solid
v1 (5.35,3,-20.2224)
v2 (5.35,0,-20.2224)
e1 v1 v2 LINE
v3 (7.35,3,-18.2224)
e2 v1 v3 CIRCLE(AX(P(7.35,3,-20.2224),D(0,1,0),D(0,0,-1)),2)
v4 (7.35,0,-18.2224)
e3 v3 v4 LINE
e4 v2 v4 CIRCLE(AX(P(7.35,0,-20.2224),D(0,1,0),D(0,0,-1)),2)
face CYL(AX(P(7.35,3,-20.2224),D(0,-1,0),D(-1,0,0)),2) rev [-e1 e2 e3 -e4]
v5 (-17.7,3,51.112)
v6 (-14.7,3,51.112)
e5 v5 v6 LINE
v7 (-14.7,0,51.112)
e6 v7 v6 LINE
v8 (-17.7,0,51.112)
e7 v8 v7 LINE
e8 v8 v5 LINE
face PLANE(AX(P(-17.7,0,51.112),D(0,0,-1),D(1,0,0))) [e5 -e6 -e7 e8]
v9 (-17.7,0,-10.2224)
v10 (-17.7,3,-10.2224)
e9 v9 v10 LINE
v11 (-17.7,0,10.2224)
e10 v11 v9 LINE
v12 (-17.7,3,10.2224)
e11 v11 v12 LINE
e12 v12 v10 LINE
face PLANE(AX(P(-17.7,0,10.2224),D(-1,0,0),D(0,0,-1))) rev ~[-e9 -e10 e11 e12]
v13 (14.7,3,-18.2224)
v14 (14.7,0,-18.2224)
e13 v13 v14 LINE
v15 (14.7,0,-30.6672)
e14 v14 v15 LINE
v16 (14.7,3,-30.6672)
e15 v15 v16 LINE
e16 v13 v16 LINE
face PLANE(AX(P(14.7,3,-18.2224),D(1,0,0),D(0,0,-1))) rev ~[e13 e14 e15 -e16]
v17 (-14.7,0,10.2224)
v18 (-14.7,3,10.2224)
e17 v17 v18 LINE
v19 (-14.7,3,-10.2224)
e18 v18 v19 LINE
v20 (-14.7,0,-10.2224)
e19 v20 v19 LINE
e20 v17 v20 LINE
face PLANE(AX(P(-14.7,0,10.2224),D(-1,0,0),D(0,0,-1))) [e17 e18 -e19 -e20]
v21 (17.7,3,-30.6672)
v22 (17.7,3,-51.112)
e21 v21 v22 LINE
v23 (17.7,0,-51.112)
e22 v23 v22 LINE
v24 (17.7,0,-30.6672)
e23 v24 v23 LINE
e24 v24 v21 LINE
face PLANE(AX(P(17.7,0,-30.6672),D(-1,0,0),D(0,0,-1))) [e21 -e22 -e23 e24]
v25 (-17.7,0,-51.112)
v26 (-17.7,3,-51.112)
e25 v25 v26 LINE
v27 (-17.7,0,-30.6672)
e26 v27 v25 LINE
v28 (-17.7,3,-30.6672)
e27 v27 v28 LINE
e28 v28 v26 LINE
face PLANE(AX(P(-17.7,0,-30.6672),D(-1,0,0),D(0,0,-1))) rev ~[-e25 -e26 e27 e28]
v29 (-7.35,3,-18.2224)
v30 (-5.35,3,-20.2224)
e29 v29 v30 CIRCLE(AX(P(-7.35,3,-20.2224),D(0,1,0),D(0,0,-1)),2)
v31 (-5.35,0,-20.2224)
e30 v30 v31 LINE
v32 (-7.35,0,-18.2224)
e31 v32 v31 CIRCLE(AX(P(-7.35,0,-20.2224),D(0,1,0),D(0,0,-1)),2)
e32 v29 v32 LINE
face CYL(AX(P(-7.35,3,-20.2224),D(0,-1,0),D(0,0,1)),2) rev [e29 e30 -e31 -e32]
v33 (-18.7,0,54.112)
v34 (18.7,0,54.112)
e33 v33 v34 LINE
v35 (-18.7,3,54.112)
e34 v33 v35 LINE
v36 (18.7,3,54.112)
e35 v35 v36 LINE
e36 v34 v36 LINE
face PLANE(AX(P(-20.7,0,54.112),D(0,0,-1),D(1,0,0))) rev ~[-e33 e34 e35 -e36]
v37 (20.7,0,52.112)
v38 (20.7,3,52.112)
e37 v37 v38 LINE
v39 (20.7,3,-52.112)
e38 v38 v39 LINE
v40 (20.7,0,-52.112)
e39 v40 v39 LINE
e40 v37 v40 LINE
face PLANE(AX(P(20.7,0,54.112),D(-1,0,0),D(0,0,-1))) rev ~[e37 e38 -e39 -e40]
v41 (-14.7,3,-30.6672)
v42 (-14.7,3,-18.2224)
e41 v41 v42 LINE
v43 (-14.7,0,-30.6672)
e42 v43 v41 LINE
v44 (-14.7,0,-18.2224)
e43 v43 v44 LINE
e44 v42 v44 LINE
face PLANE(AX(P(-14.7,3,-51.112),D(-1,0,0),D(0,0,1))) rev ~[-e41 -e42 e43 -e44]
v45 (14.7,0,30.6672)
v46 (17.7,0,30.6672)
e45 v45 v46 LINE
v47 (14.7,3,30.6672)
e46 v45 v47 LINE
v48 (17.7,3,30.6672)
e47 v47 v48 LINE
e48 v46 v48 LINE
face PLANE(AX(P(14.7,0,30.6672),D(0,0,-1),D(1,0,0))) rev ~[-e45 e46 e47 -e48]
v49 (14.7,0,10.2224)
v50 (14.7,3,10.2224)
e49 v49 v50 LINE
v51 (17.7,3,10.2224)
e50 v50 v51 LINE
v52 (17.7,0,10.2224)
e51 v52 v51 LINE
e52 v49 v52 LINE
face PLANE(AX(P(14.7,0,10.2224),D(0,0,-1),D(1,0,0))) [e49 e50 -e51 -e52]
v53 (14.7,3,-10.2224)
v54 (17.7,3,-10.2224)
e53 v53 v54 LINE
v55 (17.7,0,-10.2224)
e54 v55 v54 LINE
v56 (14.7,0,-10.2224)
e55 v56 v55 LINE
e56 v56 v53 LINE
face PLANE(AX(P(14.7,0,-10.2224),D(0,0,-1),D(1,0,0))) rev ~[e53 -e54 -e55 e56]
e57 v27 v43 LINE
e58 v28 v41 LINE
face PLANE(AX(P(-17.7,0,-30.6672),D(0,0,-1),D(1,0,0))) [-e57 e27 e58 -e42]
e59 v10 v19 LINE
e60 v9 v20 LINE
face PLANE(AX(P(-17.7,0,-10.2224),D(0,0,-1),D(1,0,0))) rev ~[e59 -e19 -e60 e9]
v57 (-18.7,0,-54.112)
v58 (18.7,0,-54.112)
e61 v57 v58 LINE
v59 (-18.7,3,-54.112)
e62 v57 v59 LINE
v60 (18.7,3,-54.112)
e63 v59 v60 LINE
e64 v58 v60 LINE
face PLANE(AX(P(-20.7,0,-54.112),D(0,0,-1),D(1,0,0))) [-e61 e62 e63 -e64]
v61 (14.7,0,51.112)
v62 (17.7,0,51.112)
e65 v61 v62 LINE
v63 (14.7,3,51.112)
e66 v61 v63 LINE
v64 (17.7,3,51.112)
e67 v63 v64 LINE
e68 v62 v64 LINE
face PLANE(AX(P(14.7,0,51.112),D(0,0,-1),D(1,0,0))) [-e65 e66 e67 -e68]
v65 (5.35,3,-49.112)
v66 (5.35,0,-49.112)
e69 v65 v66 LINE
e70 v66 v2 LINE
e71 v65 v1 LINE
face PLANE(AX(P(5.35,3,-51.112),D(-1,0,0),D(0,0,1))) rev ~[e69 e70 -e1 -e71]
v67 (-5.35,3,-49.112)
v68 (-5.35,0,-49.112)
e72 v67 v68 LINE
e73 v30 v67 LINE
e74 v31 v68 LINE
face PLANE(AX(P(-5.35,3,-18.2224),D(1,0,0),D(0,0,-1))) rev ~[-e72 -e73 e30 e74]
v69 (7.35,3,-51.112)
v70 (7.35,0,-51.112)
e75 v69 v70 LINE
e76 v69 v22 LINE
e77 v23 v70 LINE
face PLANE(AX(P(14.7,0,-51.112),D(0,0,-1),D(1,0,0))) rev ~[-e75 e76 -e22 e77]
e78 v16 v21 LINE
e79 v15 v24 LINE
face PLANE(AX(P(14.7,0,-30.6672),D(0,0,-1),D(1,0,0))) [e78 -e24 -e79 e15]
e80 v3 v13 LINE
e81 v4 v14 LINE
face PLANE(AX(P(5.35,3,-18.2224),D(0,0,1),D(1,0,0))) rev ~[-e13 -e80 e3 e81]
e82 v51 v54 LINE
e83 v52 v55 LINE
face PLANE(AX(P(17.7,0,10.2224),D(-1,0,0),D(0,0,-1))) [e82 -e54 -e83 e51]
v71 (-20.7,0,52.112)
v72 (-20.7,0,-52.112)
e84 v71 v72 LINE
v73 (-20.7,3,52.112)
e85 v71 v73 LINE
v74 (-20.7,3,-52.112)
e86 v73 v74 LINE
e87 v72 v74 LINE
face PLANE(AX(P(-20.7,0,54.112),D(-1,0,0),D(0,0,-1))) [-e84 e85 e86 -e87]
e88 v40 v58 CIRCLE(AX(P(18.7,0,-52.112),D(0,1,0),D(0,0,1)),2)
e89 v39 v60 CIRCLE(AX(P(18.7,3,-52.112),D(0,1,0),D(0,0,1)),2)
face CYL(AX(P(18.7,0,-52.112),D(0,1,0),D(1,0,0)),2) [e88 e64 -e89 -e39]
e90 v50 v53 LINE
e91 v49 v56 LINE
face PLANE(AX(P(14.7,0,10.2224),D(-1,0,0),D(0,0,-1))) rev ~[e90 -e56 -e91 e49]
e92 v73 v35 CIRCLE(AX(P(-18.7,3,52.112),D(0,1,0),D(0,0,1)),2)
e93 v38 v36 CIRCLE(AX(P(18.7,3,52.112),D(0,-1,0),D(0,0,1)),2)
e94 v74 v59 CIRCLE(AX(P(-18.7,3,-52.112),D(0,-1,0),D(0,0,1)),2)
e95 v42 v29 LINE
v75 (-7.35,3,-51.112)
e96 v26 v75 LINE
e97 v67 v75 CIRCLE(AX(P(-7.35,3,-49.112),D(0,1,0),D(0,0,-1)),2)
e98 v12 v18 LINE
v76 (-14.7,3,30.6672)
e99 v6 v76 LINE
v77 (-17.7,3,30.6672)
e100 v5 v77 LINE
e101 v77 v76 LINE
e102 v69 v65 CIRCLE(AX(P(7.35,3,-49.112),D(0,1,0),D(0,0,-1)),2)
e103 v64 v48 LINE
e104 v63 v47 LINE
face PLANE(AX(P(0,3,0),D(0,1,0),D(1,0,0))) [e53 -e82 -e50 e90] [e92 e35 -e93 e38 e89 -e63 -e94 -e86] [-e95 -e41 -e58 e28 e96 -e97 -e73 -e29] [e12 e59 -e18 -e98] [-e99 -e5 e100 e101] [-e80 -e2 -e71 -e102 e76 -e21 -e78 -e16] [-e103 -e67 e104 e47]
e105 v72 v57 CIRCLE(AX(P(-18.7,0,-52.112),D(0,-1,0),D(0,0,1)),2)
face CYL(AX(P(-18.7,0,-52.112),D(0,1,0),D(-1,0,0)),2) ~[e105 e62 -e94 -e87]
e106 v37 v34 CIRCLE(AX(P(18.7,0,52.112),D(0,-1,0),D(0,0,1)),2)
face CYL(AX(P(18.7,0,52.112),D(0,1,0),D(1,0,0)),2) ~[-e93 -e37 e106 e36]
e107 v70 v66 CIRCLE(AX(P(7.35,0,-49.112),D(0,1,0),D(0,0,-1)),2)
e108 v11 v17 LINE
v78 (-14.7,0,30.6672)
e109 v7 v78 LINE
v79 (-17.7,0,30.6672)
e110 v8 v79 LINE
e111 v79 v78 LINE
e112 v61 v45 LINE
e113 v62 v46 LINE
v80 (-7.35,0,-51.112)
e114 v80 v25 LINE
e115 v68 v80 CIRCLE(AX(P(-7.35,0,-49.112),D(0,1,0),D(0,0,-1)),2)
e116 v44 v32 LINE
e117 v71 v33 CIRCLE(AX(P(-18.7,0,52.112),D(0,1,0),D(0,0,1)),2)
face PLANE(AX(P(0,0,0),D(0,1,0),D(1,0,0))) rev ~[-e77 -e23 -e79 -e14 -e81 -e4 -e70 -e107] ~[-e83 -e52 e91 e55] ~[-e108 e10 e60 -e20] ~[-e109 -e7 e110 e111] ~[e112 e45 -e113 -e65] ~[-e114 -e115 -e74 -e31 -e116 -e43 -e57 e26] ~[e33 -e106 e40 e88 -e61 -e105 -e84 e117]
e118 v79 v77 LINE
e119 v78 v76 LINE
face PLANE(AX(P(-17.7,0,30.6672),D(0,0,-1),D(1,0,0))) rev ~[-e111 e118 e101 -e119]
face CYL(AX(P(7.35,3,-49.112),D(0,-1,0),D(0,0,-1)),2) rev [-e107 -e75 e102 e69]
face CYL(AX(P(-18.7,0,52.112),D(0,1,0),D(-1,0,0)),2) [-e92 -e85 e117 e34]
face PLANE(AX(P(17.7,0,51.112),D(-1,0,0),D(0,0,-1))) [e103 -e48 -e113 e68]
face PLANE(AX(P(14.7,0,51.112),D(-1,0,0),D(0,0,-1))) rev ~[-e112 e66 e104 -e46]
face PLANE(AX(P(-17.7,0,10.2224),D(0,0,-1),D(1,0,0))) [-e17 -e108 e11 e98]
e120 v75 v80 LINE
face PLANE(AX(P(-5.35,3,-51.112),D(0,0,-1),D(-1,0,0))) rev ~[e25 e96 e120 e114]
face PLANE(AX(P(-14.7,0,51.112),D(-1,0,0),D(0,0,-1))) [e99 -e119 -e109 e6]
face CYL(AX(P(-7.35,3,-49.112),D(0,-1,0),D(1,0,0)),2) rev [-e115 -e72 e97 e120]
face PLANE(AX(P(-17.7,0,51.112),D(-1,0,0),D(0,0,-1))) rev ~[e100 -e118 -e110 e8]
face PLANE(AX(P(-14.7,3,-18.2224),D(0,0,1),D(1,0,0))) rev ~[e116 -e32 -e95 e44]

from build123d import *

# Parameters (mm, degrees)
SKETCH1_W               = 41.4
SKETCH1_H               = 108.224
SKETCH1_W_2             = 3
SKETCH1_H_2             = 20.4448
BOSS_EXTRUDE1_DEPTH     = 3
CUT_EXTRUDE1_DEPTH      = 1
CUT_EXTRUDE1_DEPTH_BACK = 4
FILLET1_R               = 2


with BuildPart() as part:
    # Sketch1 → Boss-Extrude1 (new body)
    with BuildSketch(Plane(origin=(0, 0, 0), x_dir=(1, 0, 0), z_dir=(0, 1, 0))):
        Rectangle(SKETCH1_W, SKETCH1_H)
        with Locations((16.2, 40.8896)):
            Rectangle(SKETCH1_W_2, SKETCH1_H_2, mode=Mode.SUBTRACT)
        with Locations((16.2, 0)):
            Rectangle(SKETCH1_W_2, SKETCH1_H_2, mode=Mode.SUBTRACT)
        with Locations((16.2, -40.8896)):
            Rectangle(SKETCH1_W_2, SKETCH1_H_2, mode=Mode.SUBTRACT)
        with Locations((-16.2, -40.8896)):
            Rectangle(SKETCH1_W_2, SKETCH1_H_2, mode=Mode.SUBTRACT)
        with Locations((-16.2, 0)):
            Rectangle(SKETCH1_W_2, SKETCH1_H_2, mode=Mode.SUBTRACT)
        with Locations((-16.2, 40.8896)):
            Rectangle(SKETCH1_W_2, SKETCH1_H_2, mode=Mode.SUBTRACT)
    extrude(amount=BOSS_EXTRUDE1_DEPTH)

    # Sketch2 → Cut-Extrude1 (cut, two sides)
    with BuildSketch(Plane(origin=(0, 3, 0), x_dir=(1, 0, 0), z_dir=(0, 1, 0))) as cut_extrude1_sk:
        Polygon((-5.35, 51.112), (-14.7, 51.112), (-14.7, 30.6672), (-14.7, 18.2224), (-5.35, 18.2224), align=None)
        Polygon((14.7, 51.112), (5.35, 51.112), (5.35, 18.2224), (14.7, 18.2224), (14.7, 30.6672), align=None)
    extrude(amount=CUT_EXTRUDE1_DEPTH, mode=Mode.SUBTRACT)
    extrude(cut_extrude1_sk.sketch, amount=-CUT_EXTRUDE1_DEPTH_BACK, mode=Mode.SUBTRACT)

    # Fillet1
    fillet1_edges = [part.edges().sort_by_distance(p)[0] for p in [
        (-5.35, 1.5, -18.2224),
        (-5.35, 1.5, -51.112),
        (5.35, 1.5, -18.2224),
        (5.35, 1.5, -51.112),
        (20.7, 1.5, 54.112),
        (-20.7, 1.5, 54.112),
        (-20.7, 1.5, -54.112),
        (20.7, 1.5, -54.112),
    ]]
    fillet(fillet1_edges, radius=FILLET1_R)


solid = part.part
